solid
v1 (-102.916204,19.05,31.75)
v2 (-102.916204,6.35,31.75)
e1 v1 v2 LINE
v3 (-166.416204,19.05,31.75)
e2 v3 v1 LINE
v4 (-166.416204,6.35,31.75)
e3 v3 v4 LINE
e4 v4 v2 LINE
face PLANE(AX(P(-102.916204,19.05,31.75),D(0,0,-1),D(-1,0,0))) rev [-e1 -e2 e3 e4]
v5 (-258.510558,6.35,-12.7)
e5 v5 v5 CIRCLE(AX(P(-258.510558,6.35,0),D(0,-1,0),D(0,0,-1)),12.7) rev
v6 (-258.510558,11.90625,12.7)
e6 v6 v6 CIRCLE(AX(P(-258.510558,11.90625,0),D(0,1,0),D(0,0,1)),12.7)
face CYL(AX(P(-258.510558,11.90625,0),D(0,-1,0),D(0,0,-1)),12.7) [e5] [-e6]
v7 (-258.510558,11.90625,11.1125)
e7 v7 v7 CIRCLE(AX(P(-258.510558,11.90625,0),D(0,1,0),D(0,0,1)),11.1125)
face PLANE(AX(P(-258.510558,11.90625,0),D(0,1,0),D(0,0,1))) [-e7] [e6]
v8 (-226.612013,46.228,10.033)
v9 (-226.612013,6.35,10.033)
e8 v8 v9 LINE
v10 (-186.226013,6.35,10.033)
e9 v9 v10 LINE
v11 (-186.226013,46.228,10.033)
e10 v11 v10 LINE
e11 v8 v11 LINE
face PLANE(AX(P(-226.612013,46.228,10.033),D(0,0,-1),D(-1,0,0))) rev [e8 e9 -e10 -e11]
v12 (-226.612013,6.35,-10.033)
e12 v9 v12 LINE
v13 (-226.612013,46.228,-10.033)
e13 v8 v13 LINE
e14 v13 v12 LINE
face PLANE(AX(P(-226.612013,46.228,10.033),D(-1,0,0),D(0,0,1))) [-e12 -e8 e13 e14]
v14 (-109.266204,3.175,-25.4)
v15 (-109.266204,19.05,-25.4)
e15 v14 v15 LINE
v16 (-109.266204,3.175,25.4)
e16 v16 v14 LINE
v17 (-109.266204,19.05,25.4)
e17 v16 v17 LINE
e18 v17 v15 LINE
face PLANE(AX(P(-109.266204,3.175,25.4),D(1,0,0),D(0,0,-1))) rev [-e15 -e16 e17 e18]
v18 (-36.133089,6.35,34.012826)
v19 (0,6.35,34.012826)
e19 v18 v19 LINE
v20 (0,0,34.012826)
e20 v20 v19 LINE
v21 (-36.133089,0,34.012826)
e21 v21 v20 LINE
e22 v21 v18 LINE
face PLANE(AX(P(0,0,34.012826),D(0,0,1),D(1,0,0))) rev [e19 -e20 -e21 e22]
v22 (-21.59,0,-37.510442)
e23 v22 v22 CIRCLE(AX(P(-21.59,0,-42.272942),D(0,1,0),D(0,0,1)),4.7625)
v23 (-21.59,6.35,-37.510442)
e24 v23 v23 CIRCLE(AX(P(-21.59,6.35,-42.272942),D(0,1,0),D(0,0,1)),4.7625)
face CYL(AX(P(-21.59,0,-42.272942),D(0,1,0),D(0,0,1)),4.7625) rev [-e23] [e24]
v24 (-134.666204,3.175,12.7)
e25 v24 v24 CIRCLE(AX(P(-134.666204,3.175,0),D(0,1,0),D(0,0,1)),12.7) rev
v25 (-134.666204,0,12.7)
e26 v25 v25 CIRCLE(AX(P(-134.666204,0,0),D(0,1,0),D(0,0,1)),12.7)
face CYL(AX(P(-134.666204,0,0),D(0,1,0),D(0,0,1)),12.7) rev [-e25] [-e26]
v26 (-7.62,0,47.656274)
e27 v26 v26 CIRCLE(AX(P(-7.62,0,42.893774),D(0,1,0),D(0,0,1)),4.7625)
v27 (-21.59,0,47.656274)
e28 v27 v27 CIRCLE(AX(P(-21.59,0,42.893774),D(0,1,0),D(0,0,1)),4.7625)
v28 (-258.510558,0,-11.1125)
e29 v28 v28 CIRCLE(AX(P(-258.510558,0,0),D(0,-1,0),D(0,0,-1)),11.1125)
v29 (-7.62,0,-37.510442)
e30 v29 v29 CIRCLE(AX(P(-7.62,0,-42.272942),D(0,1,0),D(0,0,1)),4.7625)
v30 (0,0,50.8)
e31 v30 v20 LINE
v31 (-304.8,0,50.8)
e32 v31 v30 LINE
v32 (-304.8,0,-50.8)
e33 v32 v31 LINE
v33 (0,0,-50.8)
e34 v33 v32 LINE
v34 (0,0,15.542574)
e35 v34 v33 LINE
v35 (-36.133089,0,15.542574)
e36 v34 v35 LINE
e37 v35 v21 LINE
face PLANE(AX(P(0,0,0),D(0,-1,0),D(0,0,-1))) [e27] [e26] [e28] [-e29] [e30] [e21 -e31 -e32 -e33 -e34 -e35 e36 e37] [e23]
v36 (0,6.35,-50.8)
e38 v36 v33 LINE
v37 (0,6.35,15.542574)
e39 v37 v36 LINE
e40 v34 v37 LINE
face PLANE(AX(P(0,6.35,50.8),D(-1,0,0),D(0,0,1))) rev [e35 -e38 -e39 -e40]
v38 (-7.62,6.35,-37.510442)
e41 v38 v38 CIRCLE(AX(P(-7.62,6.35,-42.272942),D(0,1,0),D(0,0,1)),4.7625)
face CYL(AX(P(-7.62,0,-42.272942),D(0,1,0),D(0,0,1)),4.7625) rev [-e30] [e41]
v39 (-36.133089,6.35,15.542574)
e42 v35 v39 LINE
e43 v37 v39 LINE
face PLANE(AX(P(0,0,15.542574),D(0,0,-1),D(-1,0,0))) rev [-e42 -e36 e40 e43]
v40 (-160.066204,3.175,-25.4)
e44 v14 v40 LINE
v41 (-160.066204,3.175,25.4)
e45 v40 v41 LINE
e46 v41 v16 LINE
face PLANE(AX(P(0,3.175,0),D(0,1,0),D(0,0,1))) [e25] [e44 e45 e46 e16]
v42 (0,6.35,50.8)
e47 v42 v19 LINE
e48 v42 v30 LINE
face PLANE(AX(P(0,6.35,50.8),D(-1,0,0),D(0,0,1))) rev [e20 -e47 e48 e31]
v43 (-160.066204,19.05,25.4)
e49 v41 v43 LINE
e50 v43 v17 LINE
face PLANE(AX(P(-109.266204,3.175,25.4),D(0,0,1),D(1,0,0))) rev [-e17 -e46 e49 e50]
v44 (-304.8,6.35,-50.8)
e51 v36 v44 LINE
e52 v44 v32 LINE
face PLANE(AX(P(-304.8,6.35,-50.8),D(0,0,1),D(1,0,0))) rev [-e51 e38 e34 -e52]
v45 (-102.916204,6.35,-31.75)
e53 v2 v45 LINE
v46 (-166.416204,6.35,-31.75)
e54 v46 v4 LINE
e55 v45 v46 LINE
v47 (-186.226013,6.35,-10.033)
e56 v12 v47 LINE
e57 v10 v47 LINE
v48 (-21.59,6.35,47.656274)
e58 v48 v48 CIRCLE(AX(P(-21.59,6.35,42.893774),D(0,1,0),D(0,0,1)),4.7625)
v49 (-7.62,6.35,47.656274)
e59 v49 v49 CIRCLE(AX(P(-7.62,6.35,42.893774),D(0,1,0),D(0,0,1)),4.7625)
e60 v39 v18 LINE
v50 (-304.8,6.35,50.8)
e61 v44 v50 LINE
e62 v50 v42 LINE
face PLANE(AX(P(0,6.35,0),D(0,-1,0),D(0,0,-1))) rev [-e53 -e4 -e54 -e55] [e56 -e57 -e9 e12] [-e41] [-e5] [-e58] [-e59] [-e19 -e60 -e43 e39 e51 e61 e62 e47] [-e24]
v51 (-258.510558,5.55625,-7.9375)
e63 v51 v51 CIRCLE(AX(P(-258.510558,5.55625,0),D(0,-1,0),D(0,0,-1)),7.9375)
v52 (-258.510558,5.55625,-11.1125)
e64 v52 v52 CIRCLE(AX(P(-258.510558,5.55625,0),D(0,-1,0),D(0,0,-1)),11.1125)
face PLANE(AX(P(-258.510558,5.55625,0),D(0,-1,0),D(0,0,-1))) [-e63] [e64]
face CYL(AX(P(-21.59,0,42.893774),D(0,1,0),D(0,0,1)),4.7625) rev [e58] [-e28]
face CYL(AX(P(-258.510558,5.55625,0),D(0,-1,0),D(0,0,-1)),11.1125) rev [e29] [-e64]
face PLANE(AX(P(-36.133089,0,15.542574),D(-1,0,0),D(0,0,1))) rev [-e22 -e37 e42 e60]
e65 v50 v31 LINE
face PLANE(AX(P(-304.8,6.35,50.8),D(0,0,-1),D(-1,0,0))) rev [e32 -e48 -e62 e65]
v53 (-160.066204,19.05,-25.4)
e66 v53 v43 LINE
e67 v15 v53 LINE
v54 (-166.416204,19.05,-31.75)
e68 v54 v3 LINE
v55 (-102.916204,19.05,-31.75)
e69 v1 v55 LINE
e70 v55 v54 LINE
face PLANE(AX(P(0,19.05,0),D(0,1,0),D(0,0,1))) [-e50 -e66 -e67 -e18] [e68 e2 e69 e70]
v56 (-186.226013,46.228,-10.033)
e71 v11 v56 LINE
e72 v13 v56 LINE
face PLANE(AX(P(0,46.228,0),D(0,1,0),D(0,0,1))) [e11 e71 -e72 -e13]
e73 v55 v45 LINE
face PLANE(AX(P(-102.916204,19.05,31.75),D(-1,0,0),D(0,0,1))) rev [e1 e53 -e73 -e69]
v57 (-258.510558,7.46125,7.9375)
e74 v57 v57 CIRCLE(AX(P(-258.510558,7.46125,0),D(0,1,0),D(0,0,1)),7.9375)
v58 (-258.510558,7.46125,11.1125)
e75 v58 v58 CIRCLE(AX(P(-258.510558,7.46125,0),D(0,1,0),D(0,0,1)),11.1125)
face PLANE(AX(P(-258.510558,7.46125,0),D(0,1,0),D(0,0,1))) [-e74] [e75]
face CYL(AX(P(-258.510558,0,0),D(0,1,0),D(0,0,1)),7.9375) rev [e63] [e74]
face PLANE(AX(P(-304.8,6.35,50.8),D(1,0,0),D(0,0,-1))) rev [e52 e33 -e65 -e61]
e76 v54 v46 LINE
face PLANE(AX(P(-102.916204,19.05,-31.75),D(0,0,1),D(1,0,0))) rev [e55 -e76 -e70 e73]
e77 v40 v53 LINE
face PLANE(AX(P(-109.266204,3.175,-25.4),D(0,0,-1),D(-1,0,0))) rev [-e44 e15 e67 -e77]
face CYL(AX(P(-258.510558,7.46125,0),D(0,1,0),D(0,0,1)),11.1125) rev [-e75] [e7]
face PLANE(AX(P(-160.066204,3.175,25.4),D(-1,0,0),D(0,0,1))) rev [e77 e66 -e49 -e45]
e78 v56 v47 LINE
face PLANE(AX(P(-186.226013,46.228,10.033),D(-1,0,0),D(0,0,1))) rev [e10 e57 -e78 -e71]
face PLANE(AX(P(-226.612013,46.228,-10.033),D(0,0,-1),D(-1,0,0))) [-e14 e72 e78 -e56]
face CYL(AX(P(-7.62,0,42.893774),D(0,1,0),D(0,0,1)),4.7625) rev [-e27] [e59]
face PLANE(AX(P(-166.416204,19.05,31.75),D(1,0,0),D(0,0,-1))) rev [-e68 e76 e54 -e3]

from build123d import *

# Parameters (mm, degrees)
SKETCH1_W           = 304.8
SKETCH1_H           = 101.6
BOSS_EXTRUDE1_DEPTH = 6.35
SKETCH2_R           = 12.7
BOSS_EXTRUDE3_DEPTH = 5.55625
SKETCH9_R           = 11.1125
CUT_EXTRUDE4_DEPTH  = 4.445
CUT_EXTRUDE5_START  = -5.55625
SKETCH10_R          = 11.1125
CUT_EXTRUDE5_DEPTH  = 5.55625
SKETCH11_R          = 7.9375
CUT_EXTRUDE6_DEPTH  = 310.094403462
SKETCH12_R          = 12.7
CUT_EXTRUDE7_DEPTH  = 310.0695755
SKETCH22_W          = 63.5
SKETCH22_H          = 63.5
BOSS_EXTRUDE7_DEPTH = 12.7
SKETCH25_W          = 50.8
SKETCH25_H          = 50.8
CUT_EXTRUDE11_DEPTH = 15.875
SKETCH18_W          = 40.386
SKETCH18_H          = 20.066
BOSS_EXTRUDE5_DEPTH = 39.878
SKETCH32_R          = 4.7625
CUT_EXTRUDE12_DEPTH = 6.35
SKETCH34_W          = 36.133088602
SKETCH34_H          = 18.470251096
CUT_EXTRUDE13_DEPTH = 312.566902742


with BuildPart() as part:
    # Sketch1 → Boss-Extrude1 (new body)
    with BuildSketch(Plane(origin=(0, 0, 0), x_dir=(1, 0, 0), z_dir=(0, 1, 0))):
        with Locations((-152.4, 0)):
            Rectangle(SKETCH1_W, SKETCH1_H)
    extrude(amount=BOSS_EXTRUDE1_DEPTH)

    # Sketch2 → Boss-Extrude3 (add)
    with BuildSketch(Plane(origin=(0, 6.35, 0), x_dir=(1, 0, 0), z_dir=(0, 1, 0))):
        with Locations(Location((-258.510557857, 0, 0), (0, 0, 90))):
            Circle(SKETCH2_R)
    extrude(amount=BOSS_EXTRUDE3_DEPTH)

    # Sketch9 → Cut-Extrude4 (cut)
    with BuildSketch(Plane(origin=(0, 11.90625, 0), x_dir=(1, 0, 0), z_dir=(0, 1, 0))):
        with Locations(Location((-258.510557857, 0, 0), (0, 0, 270))):
            Circle(SKETCH9_R)
    extrude(amount=-CUT_EXTRUDE4_DEPTH, mode=Mode.SUBTRACT)

    # Sketch10 → Cut-Extrude5 (cut)
    with BuildSketch(Plane(origin=(0, 0, 0), x_dir=(-1, 0, 0), z_dir=(0, -1, 0)).offset(CUT_EXTRUDE5_START)):
        with Locations(Location((258.510557857, 0, 0), (0, 0, 270))):
            Circle(SKETCH10_R)
    extrude(amount=CUT_EXTRUDE5_DEPTH, mode=Mode.SUBTRACT)

    # Sketch11 → Cut-Extrude6 (cut, through all)
    with BuildSketch(Plane(origin=(0, 7.46125, 0), x_dir=(1, 0, 0), z_dir=(0, 1, 0))):
        with Locations(Location((-258.510557857, 0, 0), (0, 0, 270))):
            Circle(SKETCH11_R)
    extrude(amount=-CUT_EXTRUDE6_DEPTH, mode=Mode.SUBTRACT)

    # Sketch12 → Cut-Extrude7 (cut, through all)
    with BuildSketch(Plane(origin=(0, 6.35, 0), x_dir=(1, 0, 0), z_dir=(0, 1, 0))):
        with Locations(Location((-134.666203771, 0, 0), (0, 0, 270))):
            Circle(SKETCH12_R)
    extrude(amount=-CUT_EXTRUDE7_DEPTH, mode=Mode.SUBTRACT)

    # Sketch22 → Boss-Extrude7 (add)
    with BuildSketch(Plane(origin=(0, 6.35, 0), x_dir=(1, 0, 0), z_dir=(0, 1, 0))):
        with Locations((-134.666203771, 0)):
            Rectangle(SKETCH22_W, SKETCH22_H)
    extrude(amount=BOSS_EXTRUDE7_DEPTH)

    # Sketch25 → Cut-Extrude11 (cut)
    with BuildSketch(Plane(origin=(0, 19.05, 0), x_dir=(1, 0, 0), z_dir=(0, 1, 0))):
        with Locations((-134.666203771, 0)):
            Rectangle(SKETCH25_W, SKETCH25_H)
    extrude(amount=-CUT_EXTRUDE11_DEPTH, mode=Mode.SUBTRACT)

    # Sketch18 → Boss-Extrude5 (add)
    with BuildSketch(Plane(origin=(0, 6.35, 0), x_dir=(1, 0, 0), z_dir=(0, 1, 0))):
        with Locations((-206.419013169, 0)):
            Rectangle(SKETCH18_W, SKETCH18_H)
    extrude(amount=BOSS_EXTRUDE5_DEPTH)

    # Sketch32 → Cut-Extrude12 (cut)
    with BuildSketch(Plane(origin=(0, 6.35, 0), x_dir=(1, 0, 0), z_dir=(0, 1, 0))):
        with Locations(Location((-7.62, -42.893773539, 0), (0, 0, 270))):
            Circle(SKETCH32_R)
        with Locations(Location((-21.59, -42.893773539, 0), (0, 0, 270))):
            Circle(SKETCH32_R)
        with Locations(Location((-7.62, 42.272941973, 0), (0, 0, 270))):
            Circle(SKETCH32_R)
        with Locations(Location((-21.59, 42.272941973, 0), (0, 0, 270))):
            Circle(SKETCH32_R)
    extrude(amount=-CUT_EXTRUDE12_DEPTH, mode=Mode.SUBTRACT)

    # Sketch34 → Cut-Extrude13 (cut, through all)
    with BuildSketch(Plane(origin=(0, 6.35, 0), x_dir=(1, 0, 0), z_dir=(0, 1, 0))):
        with Locations((-18.066544301, -24.7777)):
            Rectangle(SKETCH34_W, SKETCH34_H)
    extrude(amount=-CUT_EXTRUDE13_DEPTH, mode=Mode.SUBTRACT)


solid = part.part
